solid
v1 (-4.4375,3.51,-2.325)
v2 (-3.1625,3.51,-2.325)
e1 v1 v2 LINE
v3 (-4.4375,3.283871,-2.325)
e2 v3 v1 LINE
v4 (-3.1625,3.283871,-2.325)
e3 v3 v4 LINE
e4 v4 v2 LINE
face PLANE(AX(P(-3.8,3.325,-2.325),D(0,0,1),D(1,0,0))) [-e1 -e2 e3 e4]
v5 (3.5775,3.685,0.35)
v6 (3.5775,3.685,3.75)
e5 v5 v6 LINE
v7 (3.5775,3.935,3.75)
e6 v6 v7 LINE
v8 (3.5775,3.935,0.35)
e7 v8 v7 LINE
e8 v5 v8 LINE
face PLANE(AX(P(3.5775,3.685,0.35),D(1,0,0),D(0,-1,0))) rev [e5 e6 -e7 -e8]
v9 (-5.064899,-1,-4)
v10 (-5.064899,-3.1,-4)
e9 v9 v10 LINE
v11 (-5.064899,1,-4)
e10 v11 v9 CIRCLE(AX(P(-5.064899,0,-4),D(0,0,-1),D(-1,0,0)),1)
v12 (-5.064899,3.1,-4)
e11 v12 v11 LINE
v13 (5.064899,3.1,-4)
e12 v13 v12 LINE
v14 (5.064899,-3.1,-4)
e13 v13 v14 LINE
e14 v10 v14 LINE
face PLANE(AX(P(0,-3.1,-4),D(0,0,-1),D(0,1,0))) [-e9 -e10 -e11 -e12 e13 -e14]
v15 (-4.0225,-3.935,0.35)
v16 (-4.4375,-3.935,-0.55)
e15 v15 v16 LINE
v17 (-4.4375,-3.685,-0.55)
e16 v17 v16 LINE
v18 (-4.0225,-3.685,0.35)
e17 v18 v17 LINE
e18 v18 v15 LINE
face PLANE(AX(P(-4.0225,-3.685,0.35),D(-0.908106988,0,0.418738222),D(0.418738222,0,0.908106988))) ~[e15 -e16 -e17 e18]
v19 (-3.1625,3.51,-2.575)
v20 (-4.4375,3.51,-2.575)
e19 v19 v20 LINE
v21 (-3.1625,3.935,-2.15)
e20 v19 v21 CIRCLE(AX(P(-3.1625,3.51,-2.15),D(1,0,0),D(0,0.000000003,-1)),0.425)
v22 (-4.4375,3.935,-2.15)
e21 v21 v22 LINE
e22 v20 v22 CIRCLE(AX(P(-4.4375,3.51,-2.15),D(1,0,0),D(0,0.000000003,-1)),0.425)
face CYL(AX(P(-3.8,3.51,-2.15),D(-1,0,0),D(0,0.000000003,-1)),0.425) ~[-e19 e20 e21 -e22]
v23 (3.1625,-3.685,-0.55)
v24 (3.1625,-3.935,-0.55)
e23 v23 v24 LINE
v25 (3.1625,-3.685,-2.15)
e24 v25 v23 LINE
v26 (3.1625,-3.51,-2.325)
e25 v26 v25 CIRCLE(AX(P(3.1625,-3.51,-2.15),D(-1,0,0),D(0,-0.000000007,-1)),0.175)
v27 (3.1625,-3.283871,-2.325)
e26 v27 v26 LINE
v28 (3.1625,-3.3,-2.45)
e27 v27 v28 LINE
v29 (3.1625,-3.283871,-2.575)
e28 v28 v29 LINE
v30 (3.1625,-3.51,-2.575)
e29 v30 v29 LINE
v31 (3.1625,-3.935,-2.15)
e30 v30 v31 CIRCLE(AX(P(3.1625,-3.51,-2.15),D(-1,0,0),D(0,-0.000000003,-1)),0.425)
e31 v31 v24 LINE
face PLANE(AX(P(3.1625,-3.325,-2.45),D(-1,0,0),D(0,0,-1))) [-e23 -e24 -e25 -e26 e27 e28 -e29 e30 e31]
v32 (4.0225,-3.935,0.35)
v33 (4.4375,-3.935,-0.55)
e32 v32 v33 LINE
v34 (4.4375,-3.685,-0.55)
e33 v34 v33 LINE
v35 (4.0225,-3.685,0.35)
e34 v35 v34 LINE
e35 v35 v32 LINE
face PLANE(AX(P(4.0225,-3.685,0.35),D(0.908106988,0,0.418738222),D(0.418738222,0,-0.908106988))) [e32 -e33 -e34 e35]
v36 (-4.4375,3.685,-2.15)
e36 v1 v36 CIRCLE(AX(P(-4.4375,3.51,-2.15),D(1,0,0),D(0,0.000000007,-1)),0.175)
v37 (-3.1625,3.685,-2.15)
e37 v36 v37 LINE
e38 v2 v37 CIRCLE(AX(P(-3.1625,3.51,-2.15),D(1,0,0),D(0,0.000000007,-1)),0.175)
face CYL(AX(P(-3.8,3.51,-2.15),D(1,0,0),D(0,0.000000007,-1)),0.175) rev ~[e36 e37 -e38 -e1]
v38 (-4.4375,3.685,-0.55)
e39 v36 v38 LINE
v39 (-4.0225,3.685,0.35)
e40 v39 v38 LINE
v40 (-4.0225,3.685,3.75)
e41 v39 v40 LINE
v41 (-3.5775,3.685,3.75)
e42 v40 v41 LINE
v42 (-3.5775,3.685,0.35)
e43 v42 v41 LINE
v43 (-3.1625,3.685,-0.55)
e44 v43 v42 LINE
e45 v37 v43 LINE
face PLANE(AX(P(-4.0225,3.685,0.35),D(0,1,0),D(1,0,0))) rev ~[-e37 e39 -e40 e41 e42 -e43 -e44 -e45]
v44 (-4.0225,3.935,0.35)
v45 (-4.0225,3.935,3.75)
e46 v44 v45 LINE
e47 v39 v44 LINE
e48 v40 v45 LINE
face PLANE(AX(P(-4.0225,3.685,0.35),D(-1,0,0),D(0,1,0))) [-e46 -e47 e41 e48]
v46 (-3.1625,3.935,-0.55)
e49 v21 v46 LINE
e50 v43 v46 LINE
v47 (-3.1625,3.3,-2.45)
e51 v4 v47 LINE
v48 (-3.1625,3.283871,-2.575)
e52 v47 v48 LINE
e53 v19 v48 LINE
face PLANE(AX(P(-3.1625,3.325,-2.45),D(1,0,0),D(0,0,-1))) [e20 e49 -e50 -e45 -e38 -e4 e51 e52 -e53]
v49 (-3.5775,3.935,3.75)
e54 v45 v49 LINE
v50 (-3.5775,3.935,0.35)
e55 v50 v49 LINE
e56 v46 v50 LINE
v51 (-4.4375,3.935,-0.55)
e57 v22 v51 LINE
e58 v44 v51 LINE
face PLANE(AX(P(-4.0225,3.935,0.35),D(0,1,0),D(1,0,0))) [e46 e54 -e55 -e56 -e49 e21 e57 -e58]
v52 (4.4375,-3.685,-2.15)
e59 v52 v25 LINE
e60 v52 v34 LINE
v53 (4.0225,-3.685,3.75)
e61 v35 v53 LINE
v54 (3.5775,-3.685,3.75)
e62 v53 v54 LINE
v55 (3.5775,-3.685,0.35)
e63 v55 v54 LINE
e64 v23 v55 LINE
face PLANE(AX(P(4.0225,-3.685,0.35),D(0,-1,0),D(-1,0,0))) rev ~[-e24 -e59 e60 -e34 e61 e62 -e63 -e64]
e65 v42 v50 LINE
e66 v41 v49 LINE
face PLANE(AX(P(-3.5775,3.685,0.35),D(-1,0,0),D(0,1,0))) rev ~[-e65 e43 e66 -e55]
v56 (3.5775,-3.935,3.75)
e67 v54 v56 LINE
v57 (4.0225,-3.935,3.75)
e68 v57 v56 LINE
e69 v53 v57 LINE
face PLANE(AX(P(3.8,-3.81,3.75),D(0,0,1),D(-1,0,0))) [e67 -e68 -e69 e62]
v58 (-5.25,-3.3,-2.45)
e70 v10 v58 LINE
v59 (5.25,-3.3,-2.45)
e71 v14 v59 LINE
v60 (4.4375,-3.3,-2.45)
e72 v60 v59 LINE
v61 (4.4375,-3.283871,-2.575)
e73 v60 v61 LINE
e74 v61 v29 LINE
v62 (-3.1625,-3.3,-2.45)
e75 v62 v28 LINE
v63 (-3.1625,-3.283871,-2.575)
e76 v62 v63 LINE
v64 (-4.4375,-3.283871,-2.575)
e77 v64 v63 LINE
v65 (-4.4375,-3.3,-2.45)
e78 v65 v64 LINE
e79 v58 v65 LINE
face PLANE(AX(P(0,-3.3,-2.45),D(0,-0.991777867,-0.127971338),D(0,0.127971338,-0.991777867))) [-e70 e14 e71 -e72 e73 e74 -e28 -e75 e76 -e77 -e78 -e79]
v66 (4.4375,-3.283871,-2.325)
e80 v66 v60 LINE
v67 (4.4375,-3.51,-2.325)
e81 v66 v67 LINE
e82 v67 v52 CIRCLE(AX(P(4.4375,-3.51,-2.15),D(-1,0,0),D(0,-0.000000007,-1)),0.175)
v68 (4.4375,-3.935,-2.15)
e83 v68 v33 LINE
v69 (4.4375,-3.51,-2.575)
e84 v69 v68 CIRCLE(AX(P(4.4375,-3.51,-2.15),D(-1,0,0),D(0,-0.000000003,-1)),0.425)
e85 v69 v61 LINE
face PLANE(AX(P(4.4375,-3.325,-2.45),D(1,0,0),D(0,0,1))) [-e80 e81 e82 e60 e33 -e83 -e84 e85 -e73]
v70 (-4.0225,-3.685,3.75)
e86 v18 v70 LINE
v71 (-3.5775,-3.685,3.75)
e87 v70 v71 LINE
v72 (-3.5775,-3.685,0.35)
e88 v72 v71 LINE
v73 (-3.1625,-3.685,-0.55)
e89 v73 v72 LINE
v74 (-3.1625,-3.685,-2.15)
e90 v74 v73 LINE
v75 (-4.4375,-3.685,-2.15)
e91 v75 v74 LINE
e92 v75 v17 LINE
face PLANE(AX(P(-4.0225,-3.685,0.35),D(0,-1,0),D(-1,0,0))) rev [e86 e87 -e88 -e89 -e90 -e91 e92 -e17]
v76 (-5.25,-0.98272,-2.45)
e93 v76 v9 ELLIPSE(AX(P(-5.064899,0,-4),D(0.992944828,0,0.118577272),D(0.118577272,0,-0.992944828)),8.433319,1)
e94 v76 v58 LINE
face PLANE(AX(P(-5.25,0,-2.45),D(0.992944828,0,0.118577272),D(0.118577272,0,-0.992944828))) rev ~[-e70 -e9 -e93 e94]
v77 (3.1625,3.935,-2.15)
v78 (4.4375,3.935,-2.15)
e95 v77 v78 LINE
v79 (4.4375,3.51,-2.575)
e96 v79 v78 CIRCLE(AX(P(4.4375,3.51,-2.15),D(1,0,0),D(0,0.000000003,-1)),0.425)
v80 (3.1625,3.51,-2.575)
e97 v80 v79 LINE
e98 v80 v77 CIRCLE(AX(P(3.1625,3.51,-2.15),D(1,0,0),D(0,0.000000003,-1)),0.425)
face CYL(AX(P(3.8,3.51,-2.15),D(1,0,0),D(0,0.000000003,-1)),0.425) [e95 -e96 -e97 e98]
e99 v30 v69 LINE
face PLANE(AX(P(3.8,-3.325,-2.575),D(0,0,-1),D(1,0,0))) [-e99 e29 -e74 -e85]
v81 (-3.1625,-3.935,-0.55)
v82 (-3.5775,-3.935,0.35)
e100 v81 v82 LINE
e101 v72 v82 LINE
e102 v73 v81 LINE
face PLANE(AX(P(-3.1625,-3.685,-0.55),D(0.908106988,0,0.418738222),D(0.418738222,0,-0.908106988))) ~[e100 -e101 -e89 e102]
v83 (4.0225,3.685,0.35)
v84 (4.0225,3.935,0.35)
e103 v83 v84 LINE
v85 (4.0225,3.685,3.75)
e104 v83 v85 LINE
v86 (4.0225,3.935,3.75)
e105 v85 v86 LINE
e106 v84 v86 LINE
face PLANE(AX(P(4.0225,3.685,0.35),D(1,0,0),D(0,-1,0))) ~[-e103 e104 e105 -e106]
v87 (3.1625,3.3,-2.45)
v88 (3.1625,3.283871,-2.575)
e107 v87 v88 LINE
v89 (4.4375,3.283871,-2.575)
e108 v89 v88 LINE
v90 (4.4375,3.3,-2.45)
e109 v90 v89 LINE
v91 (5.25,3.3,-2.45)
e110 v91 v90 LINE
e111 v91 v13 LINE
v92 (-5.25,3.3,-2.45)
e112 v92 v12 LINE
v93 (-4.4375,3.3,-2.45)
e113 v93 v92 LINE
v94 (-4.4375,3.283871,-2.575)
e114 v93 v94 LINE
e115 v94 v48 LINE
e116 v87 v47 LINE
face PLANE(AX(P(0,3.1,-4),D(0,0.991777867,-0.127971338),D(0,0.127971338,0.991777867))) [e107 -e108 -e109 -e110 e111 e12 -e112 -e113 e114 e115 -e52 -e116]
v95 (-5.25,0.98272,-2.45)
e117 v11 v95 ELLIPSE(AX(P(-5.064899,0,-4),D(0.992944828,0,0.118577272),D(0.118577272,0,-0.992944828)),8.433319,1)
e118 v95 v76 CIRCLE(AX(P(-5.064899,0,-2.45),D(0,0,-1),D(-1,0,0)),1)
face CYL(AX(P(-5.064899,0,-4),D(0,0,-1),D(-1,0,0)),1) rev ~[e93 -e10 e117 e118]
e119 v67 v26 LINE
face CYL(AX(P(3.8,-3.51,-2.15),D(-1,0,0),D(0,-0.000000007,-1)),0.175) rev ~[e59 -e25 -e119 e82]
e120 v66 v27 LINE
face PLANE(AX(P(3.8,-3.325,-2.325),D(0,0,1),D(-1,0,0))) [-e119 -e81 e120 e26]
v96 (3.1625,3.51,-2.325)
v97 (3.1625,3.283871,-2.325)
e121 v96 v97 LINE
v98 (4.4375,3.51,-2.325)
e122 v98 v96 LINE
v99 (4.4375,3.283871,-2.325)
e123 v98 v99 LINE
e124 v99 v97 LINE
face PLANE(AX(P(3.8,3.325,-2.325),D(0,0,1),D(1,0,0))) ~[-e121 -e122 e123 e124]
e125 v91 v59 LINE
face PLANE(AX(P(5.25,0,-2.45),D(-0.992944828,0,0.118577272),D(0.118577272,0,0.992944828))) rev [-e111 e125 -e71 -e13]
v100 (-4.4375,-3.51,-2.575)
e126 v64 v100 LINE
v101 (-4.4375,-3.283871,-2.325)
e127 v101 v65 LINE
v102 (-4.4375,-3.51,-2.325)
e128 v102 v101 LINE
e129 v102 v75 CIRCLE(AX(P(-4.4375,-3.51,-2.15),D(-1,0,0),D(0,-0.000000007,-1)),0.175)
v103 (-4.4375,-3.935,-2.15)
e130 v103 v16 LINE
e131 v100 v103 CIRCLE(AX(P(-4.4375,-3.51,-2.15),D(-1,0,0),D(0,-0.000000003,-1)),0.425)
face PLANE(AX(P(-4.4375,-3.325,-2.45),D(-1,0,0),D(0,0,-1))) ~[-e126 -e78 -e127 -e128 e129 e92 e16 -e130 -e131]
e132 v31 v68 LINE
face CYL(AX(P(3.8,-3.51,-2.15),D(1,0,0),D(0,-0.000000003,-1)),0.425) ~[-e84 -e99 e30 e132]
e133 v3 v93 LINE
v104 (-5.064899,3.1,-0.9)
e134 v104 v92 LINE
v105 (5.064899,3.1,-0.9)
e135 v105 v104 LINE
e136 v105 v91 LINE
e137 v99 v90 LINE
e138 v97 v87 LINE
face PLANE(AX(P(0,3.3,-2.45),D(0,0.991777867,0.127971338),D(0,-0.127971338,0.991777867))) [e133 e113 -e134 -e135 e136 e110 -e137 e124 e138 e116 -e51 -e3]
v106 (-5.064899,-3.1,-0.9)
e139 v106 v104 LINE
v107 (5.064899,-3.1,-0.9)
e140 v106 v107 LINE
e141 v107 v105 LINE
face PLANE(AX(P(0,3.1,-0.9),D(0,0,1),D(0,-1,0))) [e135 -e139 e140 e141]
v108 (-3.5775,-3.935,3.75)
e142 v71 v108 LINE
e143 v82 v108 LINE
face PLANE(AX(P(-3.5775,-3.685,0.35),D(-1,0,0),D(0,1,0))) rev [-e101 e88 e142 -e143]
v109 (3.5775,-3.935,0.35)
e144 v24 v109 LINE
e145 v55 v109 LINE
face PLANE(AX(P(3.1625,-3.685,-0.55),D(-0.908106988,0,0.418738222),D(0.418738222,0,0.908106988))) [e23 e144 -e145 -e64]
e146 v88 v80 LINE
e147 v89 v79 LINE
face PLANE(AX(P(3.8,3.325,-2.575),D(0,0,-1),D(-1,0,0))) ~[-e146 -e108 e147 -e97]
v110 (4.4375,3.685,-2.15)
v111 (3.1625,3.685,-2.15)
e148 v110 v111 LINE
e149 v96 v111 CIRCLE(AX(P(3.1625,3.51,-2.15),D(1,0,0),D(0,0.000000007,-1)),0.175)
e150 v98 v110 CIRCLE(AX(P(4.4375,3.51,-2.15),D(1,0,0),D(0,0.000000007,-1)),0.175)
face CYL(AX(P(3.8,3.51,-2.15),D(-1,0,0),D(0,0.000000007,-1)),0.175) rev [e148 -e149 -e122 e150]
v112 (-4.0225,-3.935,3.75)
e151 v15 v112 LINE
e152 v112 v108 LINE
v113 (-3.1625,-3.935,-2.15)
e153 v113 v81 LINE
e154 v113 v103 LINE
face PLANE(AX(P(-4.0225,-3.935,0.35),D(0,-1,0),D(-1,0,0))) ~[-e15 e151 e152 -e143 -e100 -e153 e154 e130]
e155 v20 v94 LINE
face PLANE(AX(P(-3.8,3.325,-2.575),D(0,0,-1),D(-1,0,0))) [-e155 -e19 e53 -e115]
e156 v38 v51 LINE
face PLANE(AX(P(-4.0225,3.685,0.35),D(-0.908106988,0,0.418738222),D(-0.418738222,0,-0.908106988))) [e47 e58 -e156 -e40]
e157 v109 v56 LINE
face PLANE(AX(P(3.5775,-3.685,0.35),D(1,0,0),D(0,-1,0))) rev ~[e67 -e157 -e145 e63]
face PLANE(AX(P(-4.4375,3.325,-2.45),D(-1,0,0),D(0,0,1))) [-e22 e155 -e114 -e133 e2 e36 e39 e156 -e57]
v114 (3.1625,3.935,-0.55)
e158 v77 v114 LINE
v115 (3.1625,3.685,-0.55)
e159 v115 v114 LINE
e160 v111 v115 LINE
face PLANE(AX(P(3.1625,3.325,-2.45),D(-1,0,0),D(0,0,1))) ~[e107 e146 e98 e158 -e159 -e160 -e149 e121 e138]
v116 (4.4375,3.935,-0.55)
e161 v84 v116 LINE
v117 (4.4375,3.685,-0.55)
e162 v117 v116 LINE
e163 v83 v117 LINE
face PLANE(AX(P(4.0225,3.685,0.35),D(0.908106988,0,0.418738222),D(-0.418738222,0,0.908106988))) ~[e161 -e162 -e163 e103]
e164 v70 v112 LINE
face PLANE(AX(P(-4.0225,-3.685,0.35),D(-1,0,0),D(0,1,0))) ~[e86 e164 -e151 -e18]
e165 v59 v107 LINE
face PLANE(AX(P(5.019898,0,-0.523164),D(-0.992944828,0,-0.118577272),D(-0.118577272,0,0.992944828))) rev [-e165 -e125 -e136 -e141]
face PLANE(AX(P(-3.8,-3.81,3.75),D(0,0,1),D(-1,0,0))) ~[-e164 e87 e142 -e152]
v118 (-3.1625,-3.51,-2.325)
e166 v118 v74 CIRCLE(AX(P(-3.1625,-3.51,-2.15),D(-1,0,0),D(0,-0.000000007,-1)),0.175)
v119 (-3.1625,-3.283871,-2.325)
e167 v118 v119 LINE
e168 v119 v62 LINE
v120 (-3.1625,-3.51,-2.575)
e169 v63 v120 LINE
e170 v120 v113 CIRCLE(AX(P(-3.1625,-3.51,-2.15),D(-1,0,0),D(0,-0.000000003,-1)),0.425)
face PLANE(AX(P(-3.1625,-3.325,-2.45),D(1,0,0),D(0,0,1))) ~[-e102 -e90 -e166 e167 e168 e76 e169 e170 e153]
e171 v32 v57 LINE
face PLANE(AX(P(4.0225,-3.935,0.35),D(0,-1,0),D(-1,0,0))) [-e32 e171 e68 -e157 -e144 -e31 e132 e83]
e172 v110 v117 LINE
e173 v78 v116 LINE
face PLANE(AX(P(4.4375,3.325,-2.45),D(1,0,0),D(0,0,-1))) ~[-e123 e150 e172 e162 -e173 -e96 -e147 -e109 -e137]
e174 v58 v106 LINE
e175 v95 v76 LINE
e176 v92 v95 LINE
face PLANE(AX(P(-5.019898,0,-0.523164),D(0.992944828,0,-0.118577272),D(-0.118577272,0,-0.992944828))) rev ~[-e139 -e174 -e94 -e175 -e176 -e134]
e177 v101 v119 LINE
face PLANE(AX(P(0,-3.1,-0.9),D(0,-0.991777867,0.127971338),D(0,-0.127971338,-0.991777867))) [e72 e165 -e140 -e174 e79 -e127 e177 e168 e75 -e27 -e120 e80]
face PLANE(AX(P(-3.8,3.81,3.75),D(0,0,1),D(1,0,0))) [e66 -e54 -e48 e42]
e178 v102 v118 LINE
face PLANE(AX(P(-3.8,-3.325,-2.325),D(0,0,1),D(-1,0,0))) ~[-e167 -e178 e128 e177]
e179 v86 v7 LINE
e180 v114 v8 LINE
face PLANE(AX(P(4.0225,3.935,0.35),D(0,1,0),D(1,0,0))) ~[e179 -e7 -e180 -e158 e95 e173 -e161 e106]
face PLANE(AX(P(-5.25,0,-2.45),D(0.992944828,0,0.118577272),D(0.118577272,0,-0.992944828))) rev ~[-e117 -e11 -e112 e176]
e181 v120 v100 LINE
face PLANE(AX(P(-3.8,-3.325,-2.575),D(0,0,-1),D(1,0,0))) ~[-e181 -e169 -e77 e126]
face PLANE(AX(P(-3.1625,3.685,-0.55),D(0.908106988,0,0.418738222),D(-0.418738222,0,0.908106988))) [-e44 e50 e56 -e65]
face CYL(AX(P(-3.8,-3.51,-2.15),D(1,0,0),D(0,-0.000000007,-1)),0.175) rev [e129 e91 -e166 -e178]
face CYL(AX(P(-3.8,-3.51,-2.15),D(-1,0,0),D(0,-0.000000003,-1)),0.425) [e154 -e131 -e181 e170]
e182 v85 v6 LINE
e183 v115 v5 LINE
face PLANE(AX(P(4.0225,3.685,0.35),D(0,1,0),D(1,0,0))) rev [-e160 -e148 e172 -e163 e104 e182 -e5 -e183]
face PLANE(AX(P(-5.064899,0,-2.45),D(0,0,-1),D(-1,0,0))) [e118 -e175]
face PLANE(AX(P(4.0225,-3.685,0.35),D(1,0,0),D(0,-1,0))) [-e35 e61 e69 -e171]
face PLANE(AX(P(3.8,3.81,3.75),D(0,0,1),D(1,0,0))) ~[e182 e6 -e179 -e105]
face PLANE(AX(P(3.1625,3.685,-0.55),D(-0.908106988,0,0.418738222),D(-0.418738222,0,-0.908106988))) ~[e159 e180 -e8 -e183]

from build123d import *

# Parameters (mm, degrees)
RESSALTO_EXTRUS_O1_DEPTH  = 5.25
CORTE_EXTRUS_O2_DEPTH     = 3.55
ESBO_O8_R                 = 1
CORTE_EXTRUS_O5_DEPTH     = 1.55
ESBO_O6_W                 = 1.275
ESBO_O6_H                 = 0.25
RESSALTO_EXTRUS_O2_DEPTH  = 0.025
ESBO_O7_W                 = 1.275
ESBO_O7_H                 = 0.25
CORTE_EXTRUS_O6_START     = -0.25
CORTE_EXTRUS_O6_DEPTH     = 0.25
ESBO_O10_W                = 0.445
ESBO_O10_H                = 0.25
RESSALTO_EXTRUS_O3_DEPTH  = 3.4
SIMETR_A1_COPY_1_SKETCH_W = 1.275
SIMETR_A1_COPY_1_SKETCH_H = 0.25
SIMETR_A1_COPY_1_DEPTH    = 0.025
SIMETR_A1_COPY_2_SKETCH_W = 1.275
SIMETR_A1_COPY_2_SKETCH_H = 0.25
SIMETR_A1_START           = -0.25
SIMETR_A1_COPY_3_DEPTH    = 0.25
SIMETR_A1_COPY_4_SKETCH_W = 0.445
SIMETR_A1_COPY_4_SKETCH_H = 0.25
SIMETR_A1_COPY_4_DEPTH    = 3.4


with BuildPart() as part:
    # Esboço1 → Ressalto-extrusão1 (new, symmetric)
    with BuildSketch(Plane(origin=(0, 0, 0), x_dir=(0, 0, -1), z_dir=(1, 0, 0))):
        Polygon((0.9, 3.1), (0.9, -3.1), (2.45, -3.3), (4, -3.1), (4, 3.1), (2.45, 3.3), align=None)
    extrude(amount=RESSALTO_EXTRUS_O1_DEPTH, both=True)

    # Esboço3 → Corte-extrusão2 (cut, symmetric)
    with BuildSketch(Plane(origin=(0, 0, 0), x_dir=(1, 0, 0), z_dir=(0, 1, 0))):
        Polygon((-5.25, 2.45), (-5.019897634, 4.376835982), (-6.186348907, 4.376835982), (-6.186348907, 0.523164018), (-5.019897634, 0.523164018), align=None)
    corte_extrus_o2 = extrude(amount=CORTE_EXTRUS_O2_DEPTH, both=True, mode=Mode.SUBTRACT)

    # Espelhar1: Corte-extrusão2 across plane
    add(corte_extrus_o2.mirror(Plane(origin=(0, 0, 0), x_dir=(0, 0, 1), z_dir=(1, 0, 0))), mode=Mode.SUBTRACT)

    # Esboço8 → Corte-extrusão5 (cut)
    with BuildSketch(Plane(origin=(0, 0, -4), x_dir=(-1, 0, 0), z_dir=(0, 0, -1))):
        with Locations((5.064899312, 0)):
            Circle(ESBO_O8_R)
    extrude(amount=-CORTE_EXTRUS_O5_DEPTH, mode=Mode.SUBTRACT)

    # Esboço6 → Ressalto-extrusão2 (add, symmetric)
    with BuildSketch(Plane(origin=(0, 3.3, 0), x_dir=(1, 0, 0), z_dir=(0, 1, 0))):
        with Locations((-3.8, 2.45)):
            Rectangle(ESBO_O6_W, ESBO_O6_H)
    ressalto_extrus_o2 = extrude(amount=RESSALTO_EXTRUS_O2_DEPTH, both=True)

    # Varredura1: sweep along a curve in space
    with BuildLine() as varredura1_path:
        Line((-3.8, 3.325, -2.45), (-3.8, 3.51, -2.45))
        ThreePointArc((-3.8, 3.51, -2.45), (-3.8, 3.722132034, -2.362132034), (-3.8, 3.81, -2.15))
        Line((-3.8, 3.81, -2.15), (-3.8, 3.81, 0.35))
    # Esboço7 → Varredura1 (sweep)
    with BuildSketch(Plane(origin=(0, 3.325, 0), x_dir=(1, 0, 0), z_dir=(0, 1, 0))):
        with Locations((-3.8, 2.45)):
            Rectangle(ESBO_O7_W, ESBO_O7_H)
    varredura1 = sweep(path=varredura1_path.line)

    # Esboço9 → Corte-extrusão6 (cut)
    with BuildSketch(Plane(origin=(0, 3.935, 0), x_dir=(1, 0, 0), z_dir=(0, 1, 0)).offset(CORTE_EXTRUS_O6_START)):
        Polygon((-4.0225, -0.35), (-4.4375, 0.55), (-4.4375, -0.55), (-3.1625, -0.55), (-3.1625, 0.55), (-3.5775, -0.35), align=None)
    corte_extrus_o6 = extrude(amount=CORTE_EXTRUS_O6_DEPTH, mode=Mode.SUBTRACT)

    # Esboço10 → Ressalto-extrusão3 (add)
    with BuildSketch(Plane.XY.offset(0.35)):
        with Locations((-3.8, 3.81)):
            Rectangle(ESBO_O10_W, ESBO_O10_H)
    ressalto_extrus_o3 = extrude(amount=RESSALTO_EXTRUS_O3_DEPTH)

    # Espelhar2: Ressalto-extrusão2, Varredura1, Corte-extrusão6, Ressalto-extrusão3 across plane
    add(ressalto_extrus_o2.mirror(Plane.ZX))
    add(varredura1.mirror(Plane.ZX))
    add(corte_extrus_o6.mirror(Plane.ZX), mode=Mode.SUBTRACT)
    add(ressalto_extrus_o3.mirror(Plane.ZX))

    # Simetría1: Ressalto-extrusão2, Varredura1, Corte-extrusão6, Ressalto-extrusão3 across plane
    add(ressalto_extrus_o2.mirror(Plane(origin=(0, 0, 0), x_dir=(0, 0, 1), z_dir=(1, 0, 0))))
    add(varredura1.mirror(Plane(origin=(0, 0, 0), x_dir=(0, 0, 1), z_dir=(1, 0, 0))))
    add(corte_extrus_o6.mirror(Plane(origin=(0, 0, 0), x_dir=(0, 0, 1), z_dir=(1, 0, 0))), mode=Mode.SUBTRACT)
    add(ressalto_extrus_o3.mirror(Plane(origin=(0, 0, 0), x_dir=(0, 0, 1), z_dir=(1, 0, 0))))

    # Simetría1 copy 1 sketch → Simetría1 copy 1 (add, symmetric)
    with BuildSketch(Plane(origin=(0, -3.3, 0), x_dir=(-1, 0, 0), z_dir=(0, -1, 0))):
        with Locations((-3.8, 2.45)):
            Rectangle(SIMETR_A1_COPY_1_SKETCH_W, SIMETR_A1_COPY_1_SKETCH_H)
    extrude(amount=SIMETR_A1_COPY_1_DEPTH, both=True)

    # Simetría1 copy 2: sweep along a curve in space
    with BuildLine() as simetr_a1_copy_2_path:
        Line((3.8, -3.325, -2.45), (3.8, -3.51, -2.45))
        ThreePointArc((3.8, -3.51, -2.45), (3.8, -3.722132034, -2.362132034), (3.8, -3.81, -2.15))
        Line((3.8, -3.81, -2.15), (3.8, -3.81, 0.35))
    # Simetría1 copy 2 sketch → Simetría1 copy 2 (sweep)
    with BuildSketch(Plane(origin=(0, -3.325, 0), x_dir=(-1, 0, 0), z_dir=(0, -1, 0))):
        with Locations((-3.8, 2.45)):
            Rectangle(SIMETR_A1_COPY_2_SKETCH_W, SIMETR_A1_COPY_2_SKETCH_H)
    sweep(path=simetr_a1_copy_2_path.line)

    # Simetría1 copy 3 sketch → Simetría1 copy 3 (cut)
    with BuildSketch(Plane(origin=(0, -3.935, 0), x_dir=(-1, 0, 0), z_dir=(0, -1, 0)).offset(SIMETR_A1_START)):
        Polygon((-4.0225, -0.35), (-4.4375, 0.55), (-4.4375, -0.55), (-3.1625, -0.55), (-3.1625, 0.55), (-3.5775, -0.35), align=None)
    extrude(amount=SIMETR_A1_COPY_3_DEPTH, mode=Mode.SUBTRACT)

    # Simetría1 copy 4 sketch → Simetría1 copy 4 (add)
    with BuildSketch(Plane(origin=(0, 0, 0.35), x_dir=(-1, 0, 0), z_dir=(0, 0, 1))):
        with Locations((-3.8, 3.81)):
            Rectangle(SIMETR_A1_COPY_4_SKETCH_W, SIMETR_A1_COPY_4_SKETCH_H)
    extrude(amount=SIMETR_A1_COPY_4_DEPTH)


solid = part.part
